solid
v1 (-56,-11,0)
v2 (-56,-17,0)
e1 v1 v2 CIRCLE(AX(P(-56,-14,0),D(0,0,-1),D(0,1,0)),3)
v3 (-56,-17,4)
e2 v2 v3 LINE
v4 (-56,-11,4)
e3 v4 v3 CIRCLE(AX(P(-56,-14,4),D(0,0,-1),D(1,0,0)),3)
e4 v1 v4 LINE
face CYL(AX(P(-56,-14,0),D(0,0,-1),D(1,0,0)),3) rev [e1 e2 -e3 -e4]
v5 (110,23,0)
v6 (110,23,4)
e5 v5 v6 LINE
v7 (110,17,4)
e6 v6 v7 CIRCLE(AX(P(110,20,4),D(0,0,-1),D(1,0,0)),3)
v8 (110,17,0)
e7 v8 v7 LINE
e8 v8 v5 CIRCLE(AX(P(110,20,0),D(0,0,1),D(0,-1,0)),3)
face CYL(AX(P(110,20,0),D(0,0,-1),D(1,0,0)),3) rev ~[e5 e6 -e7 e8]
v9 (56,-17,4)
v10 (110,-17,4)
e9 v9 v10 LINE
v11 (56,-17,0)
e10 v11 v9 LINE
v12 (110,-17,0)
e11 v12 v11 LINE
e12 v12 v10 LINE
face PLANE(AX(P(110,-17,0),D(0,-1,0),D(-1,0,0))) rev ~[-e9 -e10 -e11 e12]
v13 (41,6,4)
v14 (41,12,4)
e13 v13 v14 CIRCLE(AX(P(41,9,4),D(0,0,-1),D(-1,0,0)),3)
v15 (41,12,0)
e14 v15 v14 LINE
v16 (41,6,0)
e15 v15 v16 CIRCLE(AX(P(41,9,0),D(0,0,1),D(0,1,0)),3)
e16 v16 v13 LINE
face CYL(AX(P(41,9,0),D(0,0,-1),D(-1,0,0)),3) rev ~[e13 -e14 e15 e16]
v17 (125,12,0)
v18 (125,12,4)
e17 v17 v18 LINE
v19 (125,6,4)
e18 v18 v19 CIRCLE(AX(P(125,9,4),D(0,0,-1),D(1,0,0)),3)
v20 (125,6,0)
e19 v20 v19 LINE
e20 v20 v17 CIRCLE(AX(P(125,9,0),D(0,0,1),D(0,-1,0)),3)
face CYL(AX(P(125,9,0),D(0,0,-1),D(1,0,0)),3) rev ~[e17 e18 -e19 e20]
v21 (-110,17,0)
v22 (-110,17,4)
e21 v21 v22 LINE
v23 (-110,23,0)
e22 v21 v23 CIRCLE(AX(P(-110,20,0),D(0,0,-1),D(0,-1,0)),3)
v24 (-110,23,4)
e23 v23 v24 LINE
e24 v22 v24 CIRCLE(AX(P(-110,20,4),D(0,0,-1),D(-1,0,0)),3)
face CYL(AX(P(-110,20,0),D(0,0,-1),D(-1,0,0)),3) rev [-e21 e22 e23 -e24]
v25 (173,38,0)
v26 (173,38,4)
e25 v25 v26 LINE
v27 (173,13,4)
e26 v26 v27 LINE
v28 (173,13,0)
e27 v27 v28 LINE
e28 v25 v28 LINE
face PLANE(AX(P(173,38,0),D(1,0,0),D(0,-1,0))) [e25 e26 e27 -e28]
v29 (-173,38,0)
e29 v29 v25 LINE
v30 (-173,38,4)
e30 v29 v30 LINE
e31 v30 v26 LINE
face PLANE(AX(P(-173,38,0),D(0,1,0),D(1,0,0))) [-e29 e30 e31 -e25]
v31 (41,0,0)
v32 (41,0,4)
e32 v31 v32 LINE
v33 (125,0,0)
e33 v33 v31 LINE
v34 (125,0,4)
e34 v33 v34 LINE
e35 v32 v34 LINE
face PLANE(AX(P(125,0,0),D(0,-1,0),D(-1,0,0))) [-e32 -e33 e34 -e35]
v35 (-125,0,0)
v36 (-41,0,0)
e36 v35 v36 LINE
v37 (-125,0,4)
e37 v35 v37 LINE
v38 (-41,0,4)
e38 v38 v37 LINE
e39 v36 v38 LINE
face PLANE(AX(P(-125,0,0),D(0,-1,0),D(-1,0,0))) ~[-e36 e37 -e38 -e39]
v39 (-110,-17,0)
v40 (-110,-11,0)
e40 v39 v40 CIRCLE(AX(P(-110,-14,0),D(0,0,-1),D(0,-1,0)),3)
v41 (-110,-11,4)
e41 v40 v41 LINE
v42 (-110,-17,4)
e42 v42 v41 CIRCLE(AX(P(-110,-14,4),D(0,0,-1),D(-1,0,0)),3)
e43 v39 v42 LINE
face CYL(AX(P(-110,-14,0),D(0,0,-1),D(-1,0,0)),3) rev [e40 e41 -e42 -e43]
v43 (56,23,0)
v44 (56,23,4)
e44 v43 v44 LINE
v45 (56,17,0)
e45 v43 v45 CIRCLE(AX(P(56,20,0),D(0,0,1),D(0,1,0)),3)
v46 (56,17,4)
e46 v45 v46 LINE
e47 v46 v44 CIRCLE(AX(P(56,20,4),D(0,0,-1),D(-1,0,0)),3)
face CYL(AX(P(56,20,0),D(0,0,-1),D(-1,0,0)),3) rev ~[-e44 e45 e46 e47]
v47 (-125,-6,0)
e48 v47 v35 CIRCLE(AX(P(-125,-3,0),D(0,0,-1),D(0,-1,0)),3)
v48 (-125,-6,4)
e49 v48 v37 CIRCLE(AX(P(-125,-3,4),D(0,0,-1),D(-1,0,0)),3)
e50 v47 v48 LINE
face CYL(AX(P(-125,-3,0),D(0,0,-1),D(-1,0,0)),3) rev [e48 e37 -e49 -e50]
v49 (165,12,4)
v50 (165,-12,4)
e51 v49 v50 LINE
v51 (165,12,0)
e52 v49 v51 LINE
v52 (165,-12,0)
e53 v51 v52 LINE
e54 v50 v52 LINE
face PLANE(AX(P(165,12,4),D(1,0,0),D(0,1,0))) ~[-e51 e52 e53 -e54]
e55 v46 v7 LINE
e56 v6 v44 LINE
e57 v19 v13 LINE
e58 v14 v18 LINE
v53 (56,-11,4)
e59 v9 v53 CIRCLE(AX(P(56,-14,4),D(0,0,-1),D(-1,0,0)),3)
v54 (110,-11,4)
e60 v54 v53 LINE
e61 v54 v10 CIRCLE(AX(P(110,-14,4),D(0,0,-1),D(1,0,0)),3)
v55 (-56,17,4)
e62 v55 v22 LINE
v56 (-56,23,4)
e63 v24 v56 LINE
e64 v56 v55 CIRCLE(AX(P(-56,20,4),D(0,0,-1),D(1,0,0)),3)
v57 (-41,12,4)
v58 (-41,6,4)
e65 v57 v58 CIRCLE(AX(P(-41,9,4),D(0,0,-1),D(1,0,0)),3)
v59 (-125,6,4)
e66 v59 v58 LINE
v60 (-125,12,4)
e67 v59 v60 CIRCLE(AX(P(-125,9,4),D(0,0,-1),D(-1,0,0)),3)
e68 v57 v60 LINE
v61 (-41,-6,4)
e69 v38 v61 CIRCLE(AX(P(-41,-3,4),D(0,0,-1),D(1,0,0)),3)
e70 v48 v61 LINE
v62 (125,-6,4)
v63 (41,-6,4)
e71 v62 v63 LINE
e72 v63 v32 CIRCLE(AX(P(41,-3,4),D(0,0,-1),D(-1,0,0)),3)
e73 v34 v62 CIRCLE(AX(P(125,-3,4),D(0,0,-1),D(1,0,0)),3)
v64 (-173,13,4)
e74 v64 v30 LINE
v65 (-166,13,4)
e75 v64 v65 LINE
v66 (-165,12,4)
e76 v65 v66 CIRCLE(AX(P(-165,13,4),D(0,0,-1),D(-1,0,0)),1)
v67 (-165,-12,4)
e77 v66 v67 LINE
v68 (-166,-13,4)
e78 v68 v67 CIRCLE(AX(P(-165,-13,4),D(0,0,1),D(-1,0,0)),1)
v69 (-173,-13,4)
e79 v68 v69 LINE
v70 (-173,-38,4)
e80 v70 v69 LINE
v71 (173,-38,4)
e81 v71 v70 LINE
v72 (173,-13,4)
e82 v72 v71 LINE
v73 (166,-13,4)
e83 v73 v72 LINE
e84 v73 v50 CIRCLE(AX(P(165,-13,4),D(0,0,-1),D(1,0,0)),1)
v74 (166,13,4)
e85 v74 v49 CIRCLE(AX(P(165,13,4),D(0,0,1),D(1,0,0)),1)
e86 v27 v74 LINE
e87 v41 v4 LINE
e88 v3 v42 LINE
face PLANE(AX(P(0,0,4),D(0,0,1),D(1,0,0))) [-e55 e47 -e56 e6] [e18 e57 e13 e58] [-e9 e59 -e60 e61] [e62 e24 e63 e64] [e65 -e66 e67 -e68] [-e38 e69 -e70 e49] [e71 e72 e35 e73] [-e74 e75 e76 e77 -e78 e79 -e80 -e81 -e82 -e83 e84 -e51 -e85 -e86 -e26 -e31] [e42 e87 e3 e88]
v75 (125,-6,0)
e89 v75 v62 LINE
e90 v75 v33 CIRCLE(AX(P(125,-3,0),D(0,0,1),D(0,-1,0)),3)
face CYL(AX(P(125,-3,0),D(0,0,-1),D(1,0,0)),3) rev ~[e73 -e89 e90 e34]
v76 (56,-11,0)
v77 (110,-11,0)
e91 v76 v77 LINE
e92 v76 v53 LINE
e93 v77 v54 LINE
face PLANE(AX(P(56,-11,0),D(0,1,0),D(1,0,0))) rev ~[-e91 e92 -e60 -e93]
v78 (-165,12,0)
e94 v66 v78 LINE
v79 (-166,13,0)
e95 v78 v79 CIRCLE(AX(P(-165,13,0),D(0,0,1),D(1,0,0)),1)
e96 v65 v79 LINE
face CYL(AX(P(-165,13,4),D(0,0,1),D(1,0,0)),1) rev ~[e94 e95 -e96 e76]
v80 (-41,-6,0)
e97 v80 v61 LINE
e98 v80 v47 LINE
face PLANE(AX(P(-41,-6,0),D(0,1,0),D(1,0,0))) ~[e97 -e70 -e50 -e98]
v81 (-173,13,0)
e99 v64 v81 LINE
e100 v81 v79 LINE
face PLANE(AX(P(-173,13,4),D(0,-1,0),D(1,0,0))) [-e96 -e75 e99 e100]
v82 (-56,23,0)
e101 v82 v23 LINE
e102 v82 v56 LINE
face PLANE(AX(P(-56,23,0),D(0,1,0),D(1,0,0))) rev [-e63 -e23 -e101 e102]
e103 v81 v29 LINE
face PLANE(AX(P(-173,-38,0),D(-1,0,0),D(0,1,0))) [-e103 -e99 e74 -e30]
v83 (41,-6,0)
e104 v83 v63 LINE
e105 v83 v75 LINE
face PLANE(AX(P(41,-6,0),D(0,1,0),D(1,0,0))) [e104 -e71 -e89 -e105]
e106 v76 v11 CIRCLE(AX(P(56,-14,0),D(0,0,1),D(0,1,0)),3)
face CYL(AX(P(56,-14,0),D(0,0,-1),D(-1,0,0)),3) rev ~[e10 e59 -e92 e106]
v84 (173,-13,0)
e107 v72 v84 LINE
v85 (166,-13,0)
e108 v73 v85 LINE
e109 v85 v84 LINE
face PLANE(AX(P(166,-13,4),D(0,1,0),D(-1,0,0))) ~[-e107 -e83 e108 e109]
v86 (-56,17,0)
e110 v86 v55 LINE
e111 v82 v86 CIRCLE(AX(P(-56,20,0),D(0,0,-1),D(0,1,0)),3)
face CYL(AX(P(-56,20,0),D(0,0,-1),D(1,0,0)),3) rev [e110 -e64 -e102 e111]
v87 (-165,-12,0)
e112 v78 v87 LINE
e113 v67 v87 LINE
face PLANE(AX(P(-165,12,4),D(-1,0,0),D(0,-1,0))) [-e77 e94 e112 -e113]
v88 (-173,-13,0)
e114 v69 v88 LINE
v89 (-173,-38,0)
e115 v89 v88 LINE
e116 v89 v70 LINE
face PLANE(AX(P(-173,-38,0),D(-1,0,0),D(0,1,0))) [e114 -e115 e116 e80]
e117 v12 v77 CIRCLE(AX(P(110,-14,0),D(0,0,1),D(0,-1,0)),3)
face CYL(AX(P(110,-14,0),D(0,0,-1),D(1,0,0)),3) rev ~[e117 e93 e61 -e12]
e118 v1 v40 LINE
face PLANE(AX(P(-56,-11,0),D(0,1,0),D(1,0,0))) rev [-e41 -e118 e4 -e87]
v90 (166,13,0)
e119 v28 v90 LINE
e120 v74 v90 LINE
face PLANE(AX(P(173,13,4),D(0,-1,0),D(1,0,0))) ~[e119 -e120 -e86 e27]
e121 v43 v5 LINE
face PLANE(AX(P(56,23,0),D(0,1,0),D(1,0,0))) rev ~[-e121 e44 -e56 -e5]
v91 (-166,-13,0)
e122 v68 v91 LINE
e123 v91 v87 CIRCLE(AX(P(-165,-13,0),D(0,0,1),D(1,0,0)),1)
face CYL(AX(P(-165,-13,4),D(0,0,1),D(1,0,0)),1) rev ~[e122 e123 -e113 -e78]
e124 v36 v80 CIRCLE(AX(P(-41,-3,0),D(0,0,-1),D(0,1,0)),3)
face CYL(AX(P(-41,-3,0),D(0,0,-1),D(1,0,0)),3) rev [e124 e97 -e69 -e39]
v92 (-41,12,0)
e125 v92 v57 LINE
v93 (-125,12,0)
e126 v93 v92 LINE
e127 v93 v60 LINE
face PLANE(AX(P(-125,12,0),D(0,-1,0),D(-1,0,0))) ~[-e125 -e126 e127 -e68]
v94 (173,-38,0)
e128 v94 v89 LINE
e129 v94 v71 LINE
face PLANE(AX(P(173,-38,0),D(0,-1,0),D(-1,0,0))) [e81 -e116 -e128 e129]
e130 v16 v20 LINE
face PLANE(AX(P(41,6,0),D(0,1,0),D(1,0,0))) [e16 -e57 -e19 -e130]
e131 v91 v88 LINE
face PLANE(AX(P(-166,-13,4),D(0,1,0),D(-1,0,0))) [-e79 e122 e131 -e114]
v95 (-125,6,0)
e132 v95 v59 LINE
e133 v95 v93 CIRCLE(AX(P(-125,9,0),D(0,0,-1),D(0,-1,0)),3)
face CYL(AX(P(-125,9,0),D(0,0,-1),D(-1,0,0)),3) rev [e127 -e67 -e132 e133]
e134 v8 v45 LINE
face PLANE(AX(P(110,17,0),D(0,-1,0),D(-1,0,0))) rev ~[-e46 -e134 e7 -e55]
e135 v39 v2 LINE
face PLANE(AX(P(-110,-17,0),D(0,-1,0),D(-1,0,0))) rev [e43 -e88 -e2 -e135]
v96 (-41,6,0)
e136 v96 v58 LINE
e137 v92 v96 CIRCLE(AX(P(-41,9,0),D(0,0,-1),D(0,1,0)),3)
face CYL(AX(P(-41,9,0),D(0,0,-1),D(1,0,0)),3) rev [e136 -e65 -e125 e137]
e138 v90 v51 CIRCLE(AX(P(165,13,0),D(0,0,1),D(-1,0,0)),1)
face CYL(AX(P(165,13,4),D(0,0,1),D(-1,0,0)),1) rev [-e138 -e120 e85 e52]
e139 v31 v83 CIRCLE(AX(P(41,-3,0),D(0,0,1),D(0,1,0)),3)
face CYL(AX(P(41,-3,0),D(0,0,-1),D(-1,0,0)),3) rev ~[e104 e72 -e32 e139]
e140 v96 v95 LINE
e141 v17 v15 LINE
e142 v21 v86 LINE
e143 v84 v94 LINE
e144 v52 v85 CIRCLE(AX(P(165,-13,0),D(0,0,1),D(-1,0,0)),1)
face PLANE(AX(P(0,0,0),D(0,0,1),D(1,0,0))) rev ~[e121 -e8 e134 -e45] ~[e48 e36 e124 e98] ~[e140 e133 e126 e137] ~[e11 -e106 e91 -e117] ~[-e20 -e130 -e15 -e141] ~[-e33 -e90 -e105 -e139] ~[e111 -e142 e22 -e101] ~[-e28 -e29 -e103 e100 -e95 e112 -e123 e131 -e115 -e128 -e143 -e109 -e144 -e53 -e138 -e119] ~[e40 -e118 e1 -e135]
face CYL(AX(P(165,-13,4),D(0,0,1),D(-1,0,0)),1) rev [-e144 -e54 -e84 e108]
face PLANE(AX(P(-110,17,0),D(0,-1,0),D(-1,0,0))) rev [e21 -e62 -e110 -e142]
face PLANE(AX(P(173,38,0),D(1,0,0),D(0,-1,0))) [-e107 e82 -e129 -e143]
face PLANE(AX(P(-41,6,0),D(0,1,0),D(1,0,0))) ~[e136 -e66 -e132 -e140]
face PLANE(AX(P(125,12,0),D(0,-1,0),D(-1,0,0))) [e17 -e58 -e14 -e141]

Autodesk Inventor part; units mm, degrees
ref_plane "YZ Plane" through (0, 0, 0) normal (1, 0, 0) x (0, 1, 0)
ref_plane "XZ Plane" through (0, 0, 0) normal (0, 1, 0) x (-1, 0, 0)
ref_plane "XY Plane" through (0, 0, 0) normal (0, 0, 1) x (1, 0, 0)
sketch "Esboço1" plane through (0, 0, 0) normal (0, 0, 1) x (1, 0, 0)
  line L0 (-173, 38) -> (173, 38)
  line L1 (173, 38) -> (173, -38)
  line L2 (173, -38) -> (-173, -38)
  line L3 (-173, -38) -> (-173, 38)
  point P0 (0, 0)
  point P1 (173, 0)
  point P2 (0, 38)
  dimension "d0" = 346
  dimension "d1" = 76
extrude "Extrusão1" add sketch "Esboço1" along normal blind 4
sketch "Esboço2" plane through (0, 0, 4) normal (0, 0, 1) x (1, 0, 0)
  line L0 (-173, 38) -> (-173, -38) projected
  line L1 (-173, 13) -> (-165, 13)
  line L2 (-165, 13) -> (-165, -13)
  line L3 (-165, -13) -> (-173, -13)
  line L4 (-173, -13) -> (-173, 13)
  line L5 (173, 38) -> (-173, 38) projected
  circle A0 centre (-165, 13) radius 1
  circle A1 centre (-165, -13) radius 1
  point P0 (0, 0)
  dimension "d4" = 8
  dimension "d5" = 26
  dimension "d6" = 25
  dimension "d7" = 2
  dimension "d8" = 2
extrude "Extrusão2" cut sketch "Esboço2" against normal blind 10
mirror "Espelhamento1" about plane through (0, 0, 0) normal (1, 0, 0) of "Extrusão2"
sketch "Esboço3" plane through (0, 0, 0) normal (0, 0, -1) x (-1, 0, 0)
  line L0 (-113, -17) -> (-38, -17)
  line L1 (173, 38) -> (-173, 38) projected
  line L2 (-165, 12) -> (-165, -12) projected
  line L3 (-56, 23) -> (-110, 23)
  line L4 (-113, 20) -> (-113, 20)
  line L5 (-110, 17) -> (-56, 17)
  line L6 (-53, 20) -> (-53, 20)
  line L7 (-125, 12) -> (-41, 12)
  line L8 (-38, 9) -> (-38, 9)
  line L9 (-41, 6) -> (-125, 6)
  line L10 (-128, 9) -> (-128, 9)
  line L11 (-125, 0) -> (-41, 0)
  line L12 (-38, -3) -> (-38, -3)
  line L13 (-41, -6) -> (-125, -6)
  line L14 (-128, -3) -> (-128, -3)
  line L15 (-110, -17) -> (-56, -17)
  line L16 (-53, -14) -> (-53, -14)
  line L17 (-56, -11) -> (-110, -11)
  line L18 (-113, -14) -> (-113, -14)
  arc A0 (-113, -14) -> (-110, -17) centre (-110, -14) ccw
  arc A1 (-110, -11) -> (-113, -14) centre (-110, -14) ccw
  arc A2 (-56, -17) -> (-53, -14) centre (-56, -14) ccw
  arc A3 (-53, -14) -> (-56, -11) centre (-56, -14) ccw
  arc A4 (-38, -3) -> (-41, 0) centre (-41, -3) ccw
  arc A5 (-41, -6) -> (-38, -3) centre (-41, -3) ccw
  arc A6 (-41, 6) -> (-38, 9) centre (-41, 9) ccw
  arc A7 (-38, 9) -> (-41, 12) centre (-41, 9) ccw
  arc A8 (-56, 17) -> (-53, 20) centre (-56, 20) ccw
  arc A9 (-113, 20) -> (-110, 17) centre (-110, 20) ccw
  arc A10 (-110, 23) -> (-113, 20) centre (-110, 20) ccw
  arc A11 (-53, 20) -> (-56, 23) centre (-56, 20) ccw
  arc A12 (-128, -3) -> (-125, -6) centre (-125, -3) ccw
  arc A13 (-125, 0) -> (-128, -3) centre (-125, -3) ccw
  arc A14 (-128, 9) -> (-125, 6) centre (-125, 9) ccw
  arc A15 (-125, 12) -> (-128, 9) centre (-125, 9) ccw
  point P0 (0, 0)
  point P1 (-53, 23)
  point P2 (-38, 6)
  point P3 (-38, 12)
  point P4 (-38, -6)
  point P5 (-38, 0)
  point P6 (-53, -11)
  point P7 (-53, -17)
  dimension "d16" = 6
  dimension "d17" = 5
  dimension "d18" = 6
  dimension "d19" = 6
  dimension "d20" = 6
  dimension "d22" = 90
  dimension "d23" = 90
  dimension "d24" = 60
  dimension "d25" = 15
  dimension "d26" = 37
  dimension "d27" = 37
  dimension "d28" = 60
  dimension "d29" = 15
  dimension "d30" = 3
  dimension "d31" = 3
  dimension "d32" = 3
  dimension "d35" = 15
  dimension "d36" = 6
  dimension "d37" = 6
  dimension "d38" = 6
  dimension "d39" = 5
extrude "Extrusão3" cut sketch "Esboço3" against normal blind 10
mirror "Espelhamento2" about plane through (0, 0, 0) normal (1, 0, 0) of "Extrusão3"
properties part number "placa auto falante"
